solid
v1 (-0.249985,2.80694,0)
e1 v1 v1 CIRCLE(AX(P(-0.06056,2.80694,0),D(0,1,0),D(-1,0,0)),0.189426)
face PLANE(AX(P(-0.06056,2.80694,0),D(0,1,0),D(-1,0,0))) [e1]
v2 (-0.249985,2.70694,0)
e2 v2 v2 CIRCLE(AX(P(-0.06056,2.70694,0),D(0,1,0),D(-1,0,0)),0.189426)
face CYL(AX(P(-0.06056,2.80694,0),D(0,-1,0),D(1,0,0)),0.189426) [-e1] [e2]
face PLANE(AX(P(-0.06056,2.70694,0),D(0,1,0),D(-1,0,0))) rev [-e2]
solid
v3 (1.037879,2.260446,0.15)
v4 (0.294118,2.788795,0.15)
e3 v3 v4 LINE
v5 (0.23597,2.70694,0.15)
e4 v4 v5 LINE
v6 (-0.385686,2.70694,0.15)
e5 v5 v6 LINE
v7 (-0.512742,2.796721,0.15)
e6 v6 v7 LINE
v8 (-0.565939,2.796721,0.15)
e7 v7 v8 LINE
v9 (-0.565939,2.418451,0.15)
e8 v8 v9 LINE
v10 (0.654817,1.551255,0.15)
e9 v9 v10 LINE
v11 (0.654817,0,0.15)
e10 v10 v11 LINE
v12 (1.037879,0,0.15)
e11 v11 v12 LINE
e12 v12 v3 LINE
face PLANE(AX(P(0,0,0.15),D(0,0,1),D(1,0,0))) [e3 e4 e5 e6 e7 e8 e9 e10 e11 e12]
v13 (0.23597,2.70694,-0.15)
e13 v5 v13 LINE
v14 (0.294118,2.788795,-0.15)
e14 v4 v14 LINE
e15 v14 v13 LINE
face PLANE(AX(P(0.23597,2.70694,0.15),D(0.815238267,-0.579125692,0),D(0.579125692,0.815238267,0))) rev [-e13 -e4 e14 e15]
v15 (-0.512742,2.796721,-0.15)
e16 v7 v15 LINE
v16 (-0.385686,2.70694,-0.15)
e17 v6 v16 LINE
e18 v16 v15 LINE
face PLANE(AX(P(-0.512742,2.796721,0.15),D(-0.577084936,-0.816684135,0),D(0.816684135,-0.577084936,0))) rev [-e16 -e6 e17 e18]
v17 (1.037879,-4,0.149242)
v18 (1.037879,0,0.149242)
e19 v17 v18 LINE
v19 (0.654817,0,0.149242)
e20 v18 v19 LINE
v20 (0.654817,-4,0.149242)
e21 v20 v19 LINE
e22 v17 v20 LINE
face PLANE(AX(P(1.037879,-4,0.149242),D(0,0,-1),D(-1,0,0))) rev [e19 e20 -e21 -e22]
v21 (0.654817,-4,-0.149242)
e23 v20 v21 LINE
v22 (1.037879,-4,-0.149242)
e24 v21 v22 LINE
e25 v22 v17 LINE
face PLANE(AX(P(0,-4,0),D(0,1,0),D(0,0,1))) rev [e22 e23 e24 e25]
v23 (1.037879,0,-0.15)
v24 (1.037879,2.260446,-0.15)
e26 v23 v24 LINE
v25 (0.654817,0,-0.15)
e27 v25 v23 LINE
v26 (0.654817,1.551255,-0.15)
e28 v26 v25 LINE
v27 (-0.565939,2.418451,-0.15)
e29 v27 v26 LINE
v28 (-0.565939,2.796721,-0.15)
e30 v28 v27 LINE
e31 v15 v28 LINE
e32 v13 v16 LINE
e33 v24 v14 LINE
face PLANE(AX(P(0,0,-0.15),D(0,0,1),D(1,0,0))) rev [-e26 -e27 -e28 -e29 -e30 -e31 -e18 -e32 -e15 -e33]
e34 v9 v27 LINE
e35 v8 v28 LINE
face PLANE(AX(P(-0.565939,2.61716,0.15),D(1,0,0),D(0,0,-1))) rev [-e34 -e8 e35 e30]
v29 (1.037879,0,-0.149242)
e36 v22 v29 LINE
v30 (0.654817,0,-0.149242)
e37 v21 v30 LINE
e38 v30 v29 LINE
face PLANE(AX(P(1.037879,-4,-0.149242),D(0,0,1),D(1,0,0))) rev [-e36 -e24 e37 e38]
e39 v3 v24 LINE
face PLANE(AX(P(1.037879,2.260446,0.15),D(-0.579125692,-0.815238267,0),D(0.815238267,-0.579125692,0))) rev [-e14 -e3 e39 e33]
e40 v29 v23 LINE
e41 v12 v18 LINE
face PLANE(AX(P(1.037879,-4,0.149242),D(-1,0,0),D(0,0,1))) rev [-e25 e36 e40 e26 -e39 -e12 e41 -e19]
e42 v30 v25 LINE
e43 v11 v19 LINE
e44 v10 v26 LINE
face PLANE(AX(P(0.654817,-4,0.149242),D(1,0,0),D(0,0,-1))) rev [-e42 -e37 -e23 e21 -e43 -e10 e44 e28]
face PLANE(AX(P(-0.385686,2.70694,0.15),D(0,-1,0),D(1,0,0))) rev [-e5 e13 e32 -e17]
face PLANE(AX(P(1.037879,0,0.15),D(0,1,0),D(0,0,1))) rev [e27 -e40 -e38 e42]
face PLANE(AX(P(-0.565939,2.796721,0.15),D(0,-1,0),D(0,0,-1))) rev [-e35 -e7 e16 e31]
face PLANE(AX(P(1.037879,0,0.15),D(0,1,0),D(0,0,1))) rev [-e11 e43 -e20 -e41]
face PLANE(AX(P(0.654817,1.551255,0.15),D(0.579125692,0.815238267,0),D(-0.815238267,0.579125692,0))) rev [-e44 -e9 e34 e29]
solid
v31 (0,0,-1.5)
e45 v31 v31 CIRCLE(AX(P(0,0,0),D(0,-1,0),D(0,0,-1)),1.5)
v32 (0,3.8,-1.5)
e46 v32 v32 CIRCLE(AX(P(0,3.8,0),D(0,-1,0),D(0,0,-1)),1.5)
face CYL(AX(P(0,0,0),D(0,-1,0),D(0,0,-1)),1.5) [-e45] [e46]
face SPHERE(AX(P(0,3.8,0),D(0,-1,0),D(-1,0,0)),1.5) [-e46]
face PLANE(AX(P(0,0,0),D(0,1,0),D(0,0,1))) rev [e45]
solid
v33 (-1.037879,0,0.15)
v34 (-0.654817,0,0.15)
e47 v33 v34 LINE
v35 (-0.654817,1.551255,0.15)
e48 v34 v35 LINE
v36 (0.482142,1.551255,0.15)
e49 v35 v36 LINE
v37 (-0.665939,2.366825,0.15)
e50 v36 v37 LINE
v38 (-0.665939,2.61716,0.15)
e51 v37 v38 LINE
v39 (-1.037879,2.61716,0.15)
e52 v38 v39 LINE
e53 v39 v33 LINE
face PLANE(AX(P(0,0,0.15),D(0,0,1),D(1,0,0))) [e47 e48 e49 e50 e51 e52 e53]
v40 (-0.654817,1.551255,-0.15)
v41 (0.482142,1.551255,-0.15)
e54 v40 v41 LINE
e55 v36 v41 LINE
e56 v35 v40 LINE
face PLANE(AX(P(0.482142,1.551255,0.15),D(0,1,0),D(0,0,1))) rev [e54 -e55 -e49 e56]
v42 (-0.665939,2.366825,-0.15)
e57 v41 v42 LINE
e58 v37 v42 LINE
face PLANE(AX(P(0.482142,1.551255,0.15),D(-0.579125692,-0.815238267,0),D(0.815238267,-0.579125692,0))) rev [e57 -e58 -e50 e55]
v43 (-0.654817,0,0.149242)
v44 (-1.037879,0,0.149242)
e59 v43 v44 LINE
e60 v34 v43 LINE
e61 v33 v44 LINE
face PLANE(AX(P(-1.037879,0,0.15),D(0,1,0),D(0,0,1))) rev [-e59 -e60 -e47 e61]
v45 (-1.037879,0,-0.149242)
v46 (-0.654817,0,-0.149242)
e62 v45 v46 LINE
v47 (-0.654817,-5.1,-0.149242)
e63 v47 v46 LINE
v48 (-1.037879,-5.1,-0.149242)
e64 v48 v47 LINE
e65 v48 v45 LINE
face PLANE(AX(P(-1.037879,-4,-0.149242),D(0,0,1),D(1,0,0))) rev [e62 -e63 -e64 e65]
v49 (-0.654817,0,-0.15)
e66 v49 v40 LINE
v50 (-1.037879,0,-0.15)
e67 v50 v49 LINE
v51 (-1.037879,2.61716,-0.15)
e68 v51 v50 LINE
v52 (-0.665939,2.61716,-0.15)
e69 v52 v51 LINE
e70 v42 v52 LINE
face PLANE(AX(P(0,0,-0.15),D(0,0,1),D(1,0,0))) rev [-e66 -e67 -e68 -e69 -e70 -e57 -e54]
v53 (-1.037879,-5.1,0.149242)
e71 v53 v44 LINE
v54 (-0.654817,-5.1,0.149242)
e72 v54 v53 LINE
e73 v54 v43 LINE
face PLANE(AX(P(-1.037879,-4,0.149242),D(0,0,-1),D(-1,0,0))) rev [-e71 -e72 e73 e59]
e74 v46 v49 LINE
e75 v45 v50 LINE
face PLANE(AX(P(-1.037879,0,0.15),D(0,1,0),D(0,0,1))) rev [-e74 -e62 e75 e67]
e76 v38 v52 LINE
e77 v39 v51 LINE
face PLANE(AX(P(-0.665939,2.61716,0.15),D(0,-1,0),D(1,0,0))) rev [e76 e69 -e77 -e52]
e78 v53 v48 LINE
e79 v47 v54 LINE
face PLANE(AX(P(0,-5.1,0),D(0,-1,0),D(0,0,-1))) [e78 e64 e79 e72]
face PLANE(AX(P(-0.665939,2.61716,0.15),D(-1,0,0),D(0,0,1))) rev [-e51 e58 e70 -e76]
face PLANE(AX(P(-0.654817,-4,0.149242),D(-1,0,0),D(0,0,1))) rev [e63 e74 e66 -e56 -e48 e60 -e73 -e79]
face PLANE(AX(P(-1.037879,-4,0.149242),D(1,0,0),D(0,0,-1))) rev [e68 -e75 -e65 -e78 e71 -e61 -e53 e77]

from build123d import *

# Parameters (mm, degrees)
SKETCH3_W             = 0.383062026
SKETCH3_H             = 0.298484562
BOSS_EXTRUDE1_DEPTH   = 4
BOSS_EXTRUDE1_2_DEPTH = 4
BOSS_EXTRUDE2_DEPTH   = 0.15
SKETCH5_R             = 0.189425794
BOSS_EXTRUDE3_DEPTH   = 0.1
SKETCH7_W             = 0.383062026
SKETCH7_H             = 0.298484562
BOSS_EXTRUDE5_DEPTH   = 1.1


with BuildPart() as part:
    # Sketch1 → Revolve1 (revolve)
    with BuildSketch(Plane.XY, mode=Mode.PRIVATE) as revolve1_sk:
        with BuildLine():
            Line((0, 0), (-1.5, 0))
            Line((-1.5, 0), (-1.5, 3.8))
            ThreePointArc((-1.5, 3.8), (-1.060660172, 4.860660172), (0, 5.3))
            Line((0, 5.3), (0, 0))
        make_face()
    revolve(revolve1_sk.sketch.rotate(Axis((0, 0, 0), (0, 1, 0)), 270), axis=Axis((0, 0, 0), (0, 1, 0)))


with BuildPart() as body_2:
    # Sketch3 → Boss-Extrude1 (new body)
    with BuildSketch(Plane.XZ):
        with Locations((-0.846347528, 0)):
            Rectangle(SKETCH3_W, SKETCH3_H)
    extrude(amount=BOSS_EXTRUDE1_DEPTH)


with BuildPart() as body_3:
    # Sketch3 → Boss-Extrude1 2 (new body)
    with BuildSketch(Plane.XZ):
        with Locations((0.846347528, 0)):
            Rectangle(SKETCH3_W, SKETCH3_H)
    extrude(amount=BOSS_EXTRUDE1_2_DEPTH)


    add(body_2.part)  # Boss-Extrude2 merges body 2
    # Sketch4 → Boss-Extrude2 (add, symmetric)
    with BuildSketch(Plane.XY):
        Polygon((1.037878541, 2.260445566), (0.294117621, 2.788795467), (0.235969658, 2.706940276), (-0.385685641, 2.706940276), (-0.512741887, 2.796720697), (-0.565939225, 2.796720697), (-0.565939225, 2.617159855), (-0.565939225, 2.418450997), (0.654816515, 1.551255429), (0.654816515, 0), (1.037878541, 0), (1.037878541, 1.551255429), align=None)
        Polygon((0.482142428, 1.551255429), (-0.665939225, 2.366825071), (-0.665939225, 2.617159855), (-1.037878541, 2.617159855), (-1.037878541, 1.551255429), (-1.037878541, 0), (-0.654816515, 0), (-0.654816515, 1.551255429), align=None)
    extrude(amount=BOSS_EXTRUDE2_DEPTH, both=True)

    # Sketch7 → Boss-Extrude5 (add)
    with BuildSketch(Plane.XZ.offset(4)):
        with Locations((-0.846347528, 0)):
            Rectangle(SKETCH7_W, SKETCH7_H)
    extrude(amount=BOSS_EXTRUDE5_DEPTH)


with BuildPart() as body_3_2:
    # Sketch5 → Boss-Extrude3 (new body)
    with BuildSketch(Plane(origin=(0, 2.706940276, 0), x_dir=(1, 0, 0), z_dir=(0, 1, 0))):
        with Locations(Location((-0.060559566, 0, 0), (0, 0, 180))):
            Circle(SKETCH5_R)
    extrude(amount=BOSS_EXTRUDE3_DEPTH)


solid = Compound([part.part, body_3.part, body_3_2.part])
